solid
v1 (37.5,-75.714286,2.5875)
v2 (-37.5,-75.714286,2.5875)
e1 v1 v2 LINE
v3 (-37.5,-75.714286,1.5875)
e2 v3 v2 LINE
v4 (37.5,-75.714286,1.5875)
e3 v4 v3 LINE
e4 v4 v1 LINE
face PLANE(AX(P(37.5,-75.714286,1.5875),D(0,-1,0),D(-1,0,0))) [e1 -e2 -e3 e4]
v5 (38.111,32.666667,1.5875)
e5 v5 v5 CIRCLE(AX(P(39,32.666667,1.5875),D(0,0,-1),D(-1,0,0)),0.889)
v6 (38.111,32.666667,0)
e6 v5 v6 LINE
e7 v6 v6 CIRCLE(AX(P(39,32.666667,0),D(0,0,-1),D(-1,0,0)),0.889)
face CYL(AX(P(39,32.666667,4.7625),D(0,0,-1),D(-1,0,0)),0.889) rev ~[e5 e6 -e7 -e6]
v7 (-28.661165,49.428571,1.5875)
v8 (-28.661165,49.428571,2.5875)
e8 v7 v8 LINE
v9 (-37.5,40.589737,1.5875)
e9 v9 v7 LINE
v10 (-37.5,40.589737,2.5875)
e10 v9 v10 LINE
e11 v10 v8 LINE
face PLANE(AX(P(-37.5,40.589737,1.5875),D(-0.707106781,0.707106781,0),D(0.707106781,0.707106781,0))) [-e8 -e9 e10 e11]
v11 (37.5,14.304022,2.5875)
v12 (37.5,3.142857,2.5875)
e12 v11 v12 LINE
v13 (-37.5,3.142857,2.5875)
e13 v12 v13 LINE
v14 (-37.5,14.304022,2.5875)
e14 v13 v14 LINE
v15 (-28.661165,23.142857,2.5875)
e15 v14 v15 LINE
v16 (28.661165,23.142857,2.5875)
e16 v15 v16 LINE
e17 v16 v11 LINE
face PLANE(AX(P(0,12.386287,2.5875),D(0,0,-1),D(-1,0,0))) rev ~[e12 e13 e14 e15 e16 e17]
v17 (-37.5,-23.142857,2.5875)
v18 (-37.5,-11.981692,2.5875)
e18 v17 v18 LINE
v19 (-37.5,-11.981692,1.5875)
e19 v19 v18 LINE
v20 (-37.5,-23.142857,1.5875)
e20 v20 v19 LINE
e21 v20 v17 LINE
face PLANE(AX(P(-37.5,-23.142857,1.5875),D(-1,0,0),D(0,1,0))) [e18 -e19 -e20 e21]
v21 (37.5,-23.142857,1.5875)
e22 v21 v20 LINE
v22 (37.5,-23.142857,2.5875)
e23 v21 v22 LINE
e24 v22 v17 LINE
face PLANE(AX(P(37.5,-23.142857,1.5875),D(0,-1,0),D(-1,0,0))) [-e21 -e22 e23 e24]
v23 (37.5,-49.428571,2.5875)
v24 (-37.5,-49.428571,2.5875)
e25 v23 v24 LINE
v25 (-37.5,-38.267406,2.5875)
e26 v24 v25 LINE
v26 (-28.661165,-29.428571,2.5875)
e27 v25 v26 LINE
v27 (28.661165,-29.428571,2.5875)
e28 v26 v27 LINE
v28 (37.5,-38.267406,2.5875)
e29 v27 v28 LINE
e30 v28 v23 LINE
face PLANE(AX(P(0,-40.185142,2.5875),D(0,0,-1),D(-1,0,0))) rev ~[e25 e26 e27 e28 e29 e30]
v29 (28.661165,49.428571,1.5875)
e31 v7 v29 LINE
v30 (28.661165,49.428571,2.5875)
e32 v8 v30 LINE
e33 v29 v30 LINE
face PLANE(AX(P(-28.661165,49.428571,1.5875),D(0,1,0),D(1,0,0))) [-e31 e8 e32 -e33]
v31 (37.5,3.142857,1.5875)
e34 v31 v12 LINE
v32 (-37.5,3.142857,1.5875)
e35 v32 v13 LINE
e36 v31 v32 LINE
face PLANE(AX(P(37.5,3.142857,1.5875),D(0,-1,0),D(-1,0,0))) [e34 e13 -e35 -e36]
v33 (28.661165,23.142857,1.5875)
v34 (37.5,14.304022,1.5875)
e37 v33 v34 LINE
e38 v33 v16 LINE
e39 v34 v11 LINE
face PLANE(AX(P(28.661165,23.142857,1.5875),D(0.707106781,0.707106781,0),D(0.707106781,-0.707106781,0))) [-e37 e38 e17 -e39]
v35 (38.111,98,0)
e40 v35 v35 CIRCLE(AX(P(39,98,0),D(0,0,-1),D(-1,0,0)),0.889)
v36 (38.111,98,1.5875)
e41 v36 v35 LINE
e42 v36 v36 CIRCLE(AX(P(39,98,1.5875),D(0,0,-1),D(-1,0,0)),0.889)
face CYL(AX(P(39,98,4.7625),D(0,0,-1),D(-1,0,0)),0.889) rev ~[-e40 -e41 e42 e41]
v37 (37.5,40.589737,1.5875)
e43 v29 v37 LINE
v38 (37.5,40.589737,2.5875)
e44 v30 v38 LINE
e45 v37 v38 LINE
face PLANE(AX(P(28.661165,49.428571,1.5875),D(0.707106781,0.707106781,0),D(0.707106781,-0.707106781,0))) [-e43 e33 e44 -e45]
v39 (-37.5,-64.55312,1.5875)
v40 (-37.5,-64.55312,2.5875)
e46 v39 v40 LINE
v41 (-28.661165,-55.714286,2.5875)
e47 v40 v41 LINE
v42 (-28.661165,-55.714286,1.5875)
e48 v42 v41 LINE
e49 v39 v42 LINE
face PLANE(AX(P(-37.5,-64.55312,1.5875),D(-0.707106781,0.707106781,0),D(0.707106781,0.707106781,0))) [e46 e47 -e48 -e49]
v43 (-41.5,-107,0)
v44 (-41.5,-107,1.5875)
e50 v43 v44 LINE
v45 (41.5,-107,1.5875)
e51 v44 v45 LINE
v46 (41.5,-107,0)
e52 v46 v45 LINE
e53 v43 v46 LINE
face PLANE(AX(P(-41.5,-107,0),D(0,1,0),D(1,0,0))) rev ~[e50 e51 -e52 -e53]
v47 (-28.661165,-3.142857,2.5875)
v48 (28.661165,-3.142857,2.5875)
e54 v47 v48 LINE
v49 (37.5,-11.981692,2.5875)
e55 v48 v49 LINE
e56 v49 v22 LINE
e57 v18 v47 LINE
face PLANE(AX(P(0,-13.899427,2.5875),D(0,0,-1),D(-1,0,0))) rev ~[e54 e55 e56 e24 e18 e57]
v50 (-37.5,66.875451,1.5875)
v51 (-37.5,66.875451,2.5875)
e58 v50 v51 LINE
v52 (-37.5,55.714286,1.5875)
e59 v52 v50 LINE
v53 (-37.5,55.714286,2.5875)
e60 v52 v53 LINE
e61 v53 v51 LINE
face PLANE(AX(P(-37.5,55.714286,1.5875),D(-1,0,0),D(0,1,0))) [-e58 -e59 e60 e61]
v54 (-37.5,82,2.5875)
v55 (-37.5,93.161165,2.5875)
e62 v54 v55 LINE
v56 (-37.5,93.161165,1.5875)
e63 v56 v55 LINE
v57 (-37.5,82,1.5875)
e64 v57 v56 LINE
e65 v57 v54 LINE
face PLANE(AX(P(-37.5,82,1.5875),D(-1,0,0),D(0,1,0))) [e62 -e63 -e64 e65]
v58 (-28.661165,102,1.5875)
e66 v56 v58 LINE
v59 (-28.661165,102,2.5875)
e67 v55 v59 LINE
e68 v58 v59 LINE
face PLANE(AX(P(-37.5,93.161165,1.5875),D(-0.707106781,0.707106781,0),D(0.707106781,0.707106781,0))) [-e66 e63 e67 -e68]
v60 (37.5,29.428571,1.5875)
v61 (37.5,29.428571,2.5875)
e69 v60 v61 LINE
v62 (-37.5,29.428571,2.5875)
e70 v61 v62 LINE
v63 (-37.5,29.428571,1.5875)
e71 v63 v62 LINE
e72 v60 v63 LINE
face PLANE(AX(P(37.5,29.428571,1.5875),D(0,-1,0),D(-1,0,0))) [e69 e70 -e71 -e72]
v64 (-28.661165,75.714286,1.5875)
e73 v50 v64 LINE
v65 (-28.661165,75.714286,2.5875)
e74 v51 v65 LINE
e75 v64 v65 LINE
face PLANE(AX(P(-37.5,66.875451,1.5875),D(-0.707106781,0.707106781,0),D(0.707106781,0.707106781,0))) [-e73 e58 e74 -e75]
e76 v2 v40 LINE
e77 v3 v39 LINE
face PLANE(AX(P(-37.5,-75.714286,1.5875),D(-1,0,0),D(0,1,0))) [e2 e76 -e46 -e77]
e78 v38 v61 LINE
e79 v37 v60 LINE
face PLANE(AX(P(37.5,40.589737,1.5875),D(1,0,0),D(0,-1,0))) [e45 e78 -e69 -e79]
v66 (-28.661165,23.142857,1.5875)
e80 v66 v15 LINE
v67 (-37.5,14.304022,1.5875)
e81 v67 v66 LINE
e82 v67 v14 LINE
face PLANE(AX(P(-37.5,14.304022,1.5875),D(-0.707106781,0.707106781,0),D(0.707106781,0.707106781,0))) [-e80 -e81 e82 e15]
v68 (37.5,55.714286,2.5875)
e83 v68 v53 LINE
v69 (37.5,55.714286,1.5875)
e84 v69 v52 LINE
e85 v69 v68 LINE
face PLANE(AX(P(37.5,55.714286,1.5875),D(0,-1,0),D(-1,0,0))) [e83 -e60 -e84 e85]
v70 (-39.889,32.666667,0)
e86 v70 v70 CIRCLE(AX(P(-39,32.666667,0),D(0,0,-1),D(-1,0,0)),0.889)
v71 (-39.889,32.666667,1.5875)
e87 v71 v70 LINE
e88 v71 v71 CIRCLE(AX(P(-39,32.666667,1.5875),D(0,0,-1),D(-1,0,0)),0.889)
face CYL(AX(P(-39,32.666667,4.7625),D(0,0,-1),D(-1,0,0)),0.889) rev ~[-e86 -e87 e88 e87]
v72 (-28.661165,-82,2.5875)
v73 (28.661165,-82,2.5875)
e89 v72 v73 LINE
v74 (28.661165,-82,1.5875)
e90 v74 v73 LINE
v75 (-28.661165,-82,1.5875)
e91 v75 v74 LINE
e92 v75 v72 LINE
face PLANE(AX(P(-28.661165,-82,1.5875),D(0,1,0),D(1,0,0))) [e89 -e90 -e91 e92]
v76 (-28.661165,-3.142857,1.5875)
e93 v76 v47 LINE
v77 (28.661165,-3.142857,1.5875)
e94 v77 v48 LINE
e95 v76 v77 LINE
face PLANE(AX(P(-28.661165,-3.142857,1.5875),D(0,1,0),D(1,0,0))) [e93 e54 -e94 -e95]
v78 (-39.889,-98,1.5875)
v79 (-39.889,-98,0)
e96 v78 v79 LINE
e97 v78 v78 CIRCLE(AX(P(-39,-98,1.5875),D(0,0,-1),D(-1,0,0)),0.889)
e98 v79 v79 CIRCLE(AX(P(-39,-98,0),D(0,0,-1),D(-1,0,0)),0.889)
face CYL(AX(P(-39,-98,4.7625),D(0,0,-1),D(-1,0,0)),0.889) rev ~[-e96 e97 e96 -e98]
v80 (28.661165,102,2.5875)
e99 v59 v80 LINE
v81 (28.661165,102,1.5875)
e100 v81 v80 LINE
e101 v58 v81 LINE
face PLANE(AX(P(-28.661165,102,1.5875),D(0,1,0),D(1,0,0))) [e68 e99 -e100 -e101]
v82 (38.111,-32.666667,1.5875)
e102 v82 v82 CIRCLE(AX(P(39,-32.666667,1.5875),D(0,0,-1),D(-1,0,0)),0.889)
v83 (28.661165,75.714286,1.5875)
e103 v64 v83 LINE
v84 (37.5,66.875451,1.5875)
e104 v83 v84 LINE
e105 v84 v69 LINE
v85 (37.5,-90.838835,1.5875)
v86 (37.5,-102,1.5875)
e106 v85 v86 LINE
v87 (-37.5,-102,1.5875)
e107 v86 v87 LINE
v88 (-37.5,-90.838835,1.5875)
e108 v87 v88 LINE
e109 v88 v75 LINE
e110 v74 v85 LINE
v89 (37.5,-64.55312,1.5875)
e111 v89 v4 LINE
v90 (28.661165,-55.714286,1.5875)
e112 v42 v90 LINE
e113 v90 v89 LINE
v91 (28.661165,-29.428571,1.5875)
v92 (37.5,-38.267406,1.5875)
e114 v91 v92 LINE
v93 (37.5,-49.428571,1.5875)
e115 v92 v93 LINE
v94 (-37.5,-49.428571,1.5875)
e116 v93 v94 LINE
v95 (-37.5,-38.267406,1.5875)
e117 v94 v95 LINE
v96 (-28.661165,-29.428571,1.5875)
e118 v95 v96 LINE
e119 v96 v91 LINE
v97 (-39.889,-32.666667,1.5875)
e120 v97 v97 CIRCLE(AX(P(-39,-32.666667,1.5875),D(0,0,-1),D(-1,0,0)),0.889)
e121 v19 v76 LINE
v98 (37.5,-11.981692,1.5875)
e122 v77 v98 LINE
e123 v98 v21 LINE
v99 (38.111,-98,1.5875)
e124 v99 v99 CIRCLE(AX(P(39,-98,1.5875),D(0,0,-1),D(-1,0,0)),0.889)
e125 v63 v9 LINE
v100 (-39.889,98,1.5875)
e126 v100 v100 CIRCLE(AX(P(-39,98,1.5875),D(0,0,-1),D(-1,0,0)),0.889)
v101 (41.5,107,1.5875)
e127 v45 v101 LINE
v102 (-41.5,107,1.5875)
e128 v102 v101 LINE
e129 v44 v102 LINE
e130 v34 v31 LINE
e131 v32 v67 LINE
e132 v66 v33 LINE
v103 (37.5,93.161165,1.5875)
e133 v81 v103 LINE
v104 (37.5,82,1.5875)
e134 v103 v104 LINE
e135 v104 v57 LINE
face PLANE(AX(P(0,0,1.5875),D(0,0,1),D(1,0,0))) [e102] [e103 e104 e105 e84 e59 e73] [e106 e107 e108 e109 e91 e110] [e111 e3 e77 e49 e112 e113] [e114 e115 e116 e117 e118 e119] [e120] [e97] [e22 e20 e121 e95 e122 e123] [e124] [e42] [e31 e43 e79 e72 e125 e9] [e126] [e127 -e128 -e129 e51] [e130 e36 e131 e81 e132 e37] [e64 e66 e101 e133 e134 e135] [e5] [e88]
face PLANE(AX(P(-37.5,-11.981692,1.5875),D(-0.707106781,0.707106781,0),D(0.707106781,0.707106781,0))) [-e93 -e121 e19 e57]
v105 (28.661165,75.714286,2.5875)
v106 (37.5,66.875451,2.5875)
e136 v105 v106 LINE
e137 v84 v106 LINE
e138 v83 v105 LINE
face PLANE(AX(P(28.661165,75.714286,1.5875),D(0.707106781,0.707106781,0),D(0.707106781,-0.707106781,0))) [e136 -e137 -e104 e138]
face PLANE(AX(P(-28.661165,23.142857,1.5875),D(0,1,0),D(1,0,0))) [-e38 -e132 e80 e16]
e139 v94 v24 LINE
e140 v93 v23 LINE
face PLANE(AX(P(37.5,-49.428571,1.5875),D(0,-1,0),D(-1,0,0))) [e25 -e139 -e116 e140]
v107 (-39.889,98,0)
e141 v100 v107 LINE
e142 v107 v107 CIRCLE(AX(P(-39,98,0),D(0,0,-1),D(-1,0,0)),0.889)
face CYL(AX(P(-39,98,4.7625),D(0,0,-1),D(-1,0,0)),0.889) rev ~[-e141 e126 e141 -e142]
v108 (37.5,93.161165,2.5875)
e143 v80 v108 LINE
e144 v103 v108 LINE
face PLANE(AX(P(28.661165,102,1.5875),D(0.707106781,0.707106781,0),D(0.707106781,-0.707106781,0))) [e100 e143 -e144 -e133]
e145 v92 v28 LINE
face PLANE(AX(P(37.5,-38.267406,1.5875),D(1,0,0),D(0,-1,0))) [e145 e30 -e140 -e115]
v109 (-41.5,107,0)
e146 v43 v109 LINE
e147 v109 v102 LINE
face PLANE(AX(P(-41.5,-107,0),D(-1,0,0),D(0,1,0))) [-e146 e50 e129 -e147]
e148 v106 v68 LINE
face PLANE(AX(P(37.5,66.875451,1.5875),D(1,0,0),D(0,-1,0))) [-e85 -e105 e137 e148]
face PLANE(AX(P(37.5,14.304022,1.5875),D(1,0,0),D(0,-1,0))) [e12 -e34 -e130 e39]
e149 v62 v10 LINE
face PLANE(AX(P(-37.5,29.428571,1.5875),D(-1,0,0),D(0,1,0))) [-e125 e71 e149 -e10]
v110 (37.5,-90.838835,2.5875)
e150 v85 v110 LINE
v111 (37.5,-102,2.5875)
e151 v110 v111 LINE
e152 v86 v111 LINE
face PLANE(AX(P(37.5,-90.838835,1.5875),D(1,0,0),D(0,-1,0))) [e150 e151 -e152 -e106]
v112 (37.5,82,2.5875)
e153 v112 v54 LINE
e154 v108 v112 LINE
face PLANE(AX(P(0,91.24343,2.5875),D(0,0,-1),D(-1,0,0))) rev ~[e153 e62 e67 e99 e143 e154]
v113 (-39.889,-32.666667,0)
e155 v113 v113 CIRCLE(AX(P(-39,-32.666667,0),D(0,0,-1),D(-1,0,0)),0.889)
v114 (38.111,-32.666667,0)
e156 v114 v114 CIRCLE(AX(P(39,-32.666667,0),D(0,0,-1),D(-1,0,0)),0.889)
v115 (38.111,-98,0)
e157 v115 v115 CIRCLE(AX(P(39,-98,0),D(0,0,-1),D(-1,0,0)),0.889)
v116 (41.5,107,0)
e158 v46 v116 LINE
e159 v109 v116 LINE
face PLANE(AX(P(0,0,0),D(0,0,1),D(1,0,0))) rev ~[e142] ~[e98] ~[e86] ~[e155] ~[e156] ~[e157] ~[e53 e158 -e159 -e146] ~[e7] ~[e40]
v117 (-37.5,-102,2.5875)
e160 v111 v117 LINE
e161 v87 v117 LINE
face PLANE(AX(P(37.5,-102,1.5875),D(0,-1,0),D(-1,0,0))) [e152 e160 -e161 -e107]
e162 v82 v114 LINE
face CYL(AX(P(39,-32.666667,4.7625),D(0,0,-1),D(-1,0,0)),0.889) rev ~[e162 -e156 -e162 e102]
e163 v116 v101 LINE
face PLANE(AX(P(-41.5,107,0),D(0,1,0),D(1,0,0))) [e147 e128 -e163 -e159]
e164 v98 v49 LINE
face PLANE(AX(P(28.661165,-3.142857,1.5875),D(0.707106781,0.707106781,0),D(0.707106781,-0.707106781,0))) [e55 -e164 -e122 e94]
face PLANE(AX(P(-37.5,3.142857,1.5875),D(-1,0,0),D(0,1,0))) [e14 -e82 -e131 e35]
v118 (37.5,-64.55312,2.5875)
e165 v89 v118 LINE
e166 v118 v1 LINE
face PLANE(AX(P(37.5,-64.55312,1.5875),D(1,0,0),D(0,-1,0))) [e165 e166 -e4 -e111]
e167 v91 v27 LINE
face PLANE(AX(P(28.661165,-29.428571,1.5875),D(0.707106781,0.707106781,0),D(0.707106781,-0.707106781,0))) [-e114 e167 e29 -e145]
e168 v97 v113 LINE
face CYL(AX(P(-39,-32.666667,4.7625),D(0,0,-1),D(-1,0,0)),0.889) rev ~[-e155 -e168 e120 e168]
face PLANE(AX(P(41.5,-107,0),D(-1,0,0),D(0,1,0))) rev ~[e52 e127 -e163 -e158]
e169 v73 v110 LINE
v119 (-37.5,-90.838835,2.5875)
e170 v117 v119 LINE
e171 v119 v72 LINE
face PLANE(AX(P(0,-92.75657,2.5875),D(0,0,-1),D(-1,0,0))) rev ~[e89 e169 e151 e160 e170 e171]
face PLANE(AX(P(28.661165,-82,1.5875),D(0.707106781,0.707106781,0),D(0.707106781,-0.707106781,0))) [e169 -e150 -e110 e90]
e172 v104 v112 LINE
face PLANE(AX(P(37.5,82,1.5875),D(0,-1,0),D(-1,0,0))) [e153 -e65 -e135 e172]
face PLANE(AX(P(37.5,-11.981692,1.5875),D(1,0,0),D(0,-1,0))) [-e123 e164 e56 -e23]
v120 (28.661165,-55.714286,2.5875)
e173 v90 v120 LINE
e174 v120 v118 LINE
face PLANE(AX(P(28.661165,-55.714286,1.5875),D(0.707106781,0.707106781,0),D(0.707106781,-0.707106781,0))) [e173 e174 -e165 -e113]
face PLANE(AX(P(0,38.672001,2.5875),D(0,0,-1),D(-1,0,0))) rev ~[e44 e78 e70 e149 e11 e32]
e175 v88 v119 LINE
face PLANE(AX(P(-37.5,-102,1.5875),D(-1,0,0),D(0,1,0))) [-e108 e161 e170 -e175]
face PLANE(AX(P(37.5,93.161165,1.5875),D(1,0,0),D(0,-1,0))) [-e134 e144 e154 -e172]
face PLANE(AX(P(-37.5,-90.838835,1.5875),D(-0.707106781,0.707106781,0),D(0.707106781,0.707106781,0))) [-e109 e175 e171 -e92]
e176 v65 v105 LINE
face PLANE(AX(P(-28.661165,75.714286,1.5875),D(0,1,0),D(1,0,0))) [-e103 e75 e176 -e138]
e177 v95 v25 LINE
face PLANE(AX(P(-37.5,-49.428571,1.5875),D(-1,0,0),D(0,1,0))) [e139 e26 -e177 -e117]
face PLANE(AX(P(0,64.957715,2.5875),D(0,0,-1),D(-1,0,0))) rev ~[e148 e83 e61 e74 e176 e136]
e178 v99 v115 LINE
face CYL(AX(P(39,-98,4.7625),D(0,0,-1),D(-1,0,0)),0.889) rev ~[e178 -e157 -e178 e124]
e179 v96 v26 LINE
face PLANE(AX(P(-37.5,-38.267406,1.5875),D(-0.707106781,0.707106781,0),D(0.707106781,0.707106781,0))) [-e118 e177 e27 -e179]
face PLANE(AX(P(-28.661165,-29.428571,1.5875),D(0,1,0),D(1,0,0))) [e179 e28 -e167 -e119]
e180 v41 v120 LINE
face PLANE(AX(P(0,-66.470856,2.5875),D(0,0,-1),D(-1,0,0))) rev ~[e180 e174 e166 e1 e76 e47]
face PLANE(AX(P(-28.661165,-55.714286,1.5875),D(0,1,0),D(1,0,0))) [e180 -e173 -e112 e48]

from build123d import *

# Parameters (mm, degrees)
SKETCH1_W                 = 83
SKETCH1_H                 = 214
BOSS_EXTRUDE1_DEPTH       = 1.5875
BOSS_EXTRUDE2_DEPTH       = 1
F_0_CLEARANCE_HOLE1_D     = 1.778
F_0_CLEARANCE_HOLE1_DEPTH = 3.175
F_0_CLEARANCE_HOLE1_TIP   = 0.53416509


with BuildPart() as part:
    # Sketch1 → Boss-Extrude1 (new body)
    with BuildSketch(Plane.XY):
        Rectangle(SKETCH1_W, SKETCH1_H)
    extrude(amount=BOSS_EXTRUDE1_DEPTH)

    # Sketch2 → Boss-Extrude2 (add)
    with BuildSketch(Plane.XY.offset(1.5875)):
        Polygon((-28.661165235, 102), (28.661165235, 102), (37.5, 93.161165235), (37.5, 82), (-37.5, 82), (-37.5, 93.161165235), align=None)
        Polygon((-28.661165235, 75.714285714), (28.661165235, 75.714285714), (37.5, 66.875450949), (37.5, 55.714285714), (-37.5, 55.714285714), (-37.5, 66.875450949), align=None)
        Polygon((-28.661165235, 49.428571429), (28.661165235, 49.428571429), (37.5, 40.589736664), (37.5, 29.428571429), (-37.5, 29.428571429), (-37.5, 40.589736664), align=None)
        Polygon((-28.661165235, 23.142857143), (28.661165235, 23.142857143), (37.5, 14.304022378), (37.5, 3.142857143), (-37.5, 3.142857143), (-37.5, 14.304022378), align=None)
        Polygon((-28.661165235, -3.142857143), (28.661165235, -3.142857143), (37.5, -11.981691908), (37.5, -23.142857143), (-37.5, -23.142857143), (-37.5, -11.981691908), align=None)
        Polygon((-28.661165235, -29.428571429), (28.661165235, -29.428571429), (37.5, -38.267406193), (37.5, -49.428571429), (-37.5, -49.428571429), (-37.5, -38.267406193), align=None)
        Polygon((-28.661165235, -55.714285714), (28.661165235, -55.714285714), (37.5, -64.553120479), (37.5, -75.714285714), (-37.5, -75.714285714), (-37.5, -64.553120479), align=None)
        Polygon((-28.661165235, -82), (28.661165235, -82), (37.5, -90.838834765), (37.5, -102), (-37.5, -102), (-37.5, -90.838834765), align=None)
    extrude(amount=BOSS_EXTRUDE2_DEPTH)

    # #0 Clearance Hole1
    with Locations(Plane.XY.offset(1.5875)):
        with Locations((-39, 98), (39, 98), (39, 32.666666667), (39, -32.666666667), (39, -98), (-39, -98), (-39, -32.666666667), (-39, 32.666666667)):
            Hole(F_0_CLEARANCE_HOLE1_D / 2, depth=F_0_CLEARANCE_HOLE1_DEPTH)
            with Locations((0, 0, -(F_0_CLEARANCE_HOLE1_DEPTH + F_0_CLEARANCE_HOLE1_TIP / 2))):  # 118° drill point
                Cone(0, F_0_CLEARANCE_HOLE1_D / 2, F_0_CLEARANCE_HOLE1_TIP, mode=Mode.SUBTRACT)


solid = part.part
